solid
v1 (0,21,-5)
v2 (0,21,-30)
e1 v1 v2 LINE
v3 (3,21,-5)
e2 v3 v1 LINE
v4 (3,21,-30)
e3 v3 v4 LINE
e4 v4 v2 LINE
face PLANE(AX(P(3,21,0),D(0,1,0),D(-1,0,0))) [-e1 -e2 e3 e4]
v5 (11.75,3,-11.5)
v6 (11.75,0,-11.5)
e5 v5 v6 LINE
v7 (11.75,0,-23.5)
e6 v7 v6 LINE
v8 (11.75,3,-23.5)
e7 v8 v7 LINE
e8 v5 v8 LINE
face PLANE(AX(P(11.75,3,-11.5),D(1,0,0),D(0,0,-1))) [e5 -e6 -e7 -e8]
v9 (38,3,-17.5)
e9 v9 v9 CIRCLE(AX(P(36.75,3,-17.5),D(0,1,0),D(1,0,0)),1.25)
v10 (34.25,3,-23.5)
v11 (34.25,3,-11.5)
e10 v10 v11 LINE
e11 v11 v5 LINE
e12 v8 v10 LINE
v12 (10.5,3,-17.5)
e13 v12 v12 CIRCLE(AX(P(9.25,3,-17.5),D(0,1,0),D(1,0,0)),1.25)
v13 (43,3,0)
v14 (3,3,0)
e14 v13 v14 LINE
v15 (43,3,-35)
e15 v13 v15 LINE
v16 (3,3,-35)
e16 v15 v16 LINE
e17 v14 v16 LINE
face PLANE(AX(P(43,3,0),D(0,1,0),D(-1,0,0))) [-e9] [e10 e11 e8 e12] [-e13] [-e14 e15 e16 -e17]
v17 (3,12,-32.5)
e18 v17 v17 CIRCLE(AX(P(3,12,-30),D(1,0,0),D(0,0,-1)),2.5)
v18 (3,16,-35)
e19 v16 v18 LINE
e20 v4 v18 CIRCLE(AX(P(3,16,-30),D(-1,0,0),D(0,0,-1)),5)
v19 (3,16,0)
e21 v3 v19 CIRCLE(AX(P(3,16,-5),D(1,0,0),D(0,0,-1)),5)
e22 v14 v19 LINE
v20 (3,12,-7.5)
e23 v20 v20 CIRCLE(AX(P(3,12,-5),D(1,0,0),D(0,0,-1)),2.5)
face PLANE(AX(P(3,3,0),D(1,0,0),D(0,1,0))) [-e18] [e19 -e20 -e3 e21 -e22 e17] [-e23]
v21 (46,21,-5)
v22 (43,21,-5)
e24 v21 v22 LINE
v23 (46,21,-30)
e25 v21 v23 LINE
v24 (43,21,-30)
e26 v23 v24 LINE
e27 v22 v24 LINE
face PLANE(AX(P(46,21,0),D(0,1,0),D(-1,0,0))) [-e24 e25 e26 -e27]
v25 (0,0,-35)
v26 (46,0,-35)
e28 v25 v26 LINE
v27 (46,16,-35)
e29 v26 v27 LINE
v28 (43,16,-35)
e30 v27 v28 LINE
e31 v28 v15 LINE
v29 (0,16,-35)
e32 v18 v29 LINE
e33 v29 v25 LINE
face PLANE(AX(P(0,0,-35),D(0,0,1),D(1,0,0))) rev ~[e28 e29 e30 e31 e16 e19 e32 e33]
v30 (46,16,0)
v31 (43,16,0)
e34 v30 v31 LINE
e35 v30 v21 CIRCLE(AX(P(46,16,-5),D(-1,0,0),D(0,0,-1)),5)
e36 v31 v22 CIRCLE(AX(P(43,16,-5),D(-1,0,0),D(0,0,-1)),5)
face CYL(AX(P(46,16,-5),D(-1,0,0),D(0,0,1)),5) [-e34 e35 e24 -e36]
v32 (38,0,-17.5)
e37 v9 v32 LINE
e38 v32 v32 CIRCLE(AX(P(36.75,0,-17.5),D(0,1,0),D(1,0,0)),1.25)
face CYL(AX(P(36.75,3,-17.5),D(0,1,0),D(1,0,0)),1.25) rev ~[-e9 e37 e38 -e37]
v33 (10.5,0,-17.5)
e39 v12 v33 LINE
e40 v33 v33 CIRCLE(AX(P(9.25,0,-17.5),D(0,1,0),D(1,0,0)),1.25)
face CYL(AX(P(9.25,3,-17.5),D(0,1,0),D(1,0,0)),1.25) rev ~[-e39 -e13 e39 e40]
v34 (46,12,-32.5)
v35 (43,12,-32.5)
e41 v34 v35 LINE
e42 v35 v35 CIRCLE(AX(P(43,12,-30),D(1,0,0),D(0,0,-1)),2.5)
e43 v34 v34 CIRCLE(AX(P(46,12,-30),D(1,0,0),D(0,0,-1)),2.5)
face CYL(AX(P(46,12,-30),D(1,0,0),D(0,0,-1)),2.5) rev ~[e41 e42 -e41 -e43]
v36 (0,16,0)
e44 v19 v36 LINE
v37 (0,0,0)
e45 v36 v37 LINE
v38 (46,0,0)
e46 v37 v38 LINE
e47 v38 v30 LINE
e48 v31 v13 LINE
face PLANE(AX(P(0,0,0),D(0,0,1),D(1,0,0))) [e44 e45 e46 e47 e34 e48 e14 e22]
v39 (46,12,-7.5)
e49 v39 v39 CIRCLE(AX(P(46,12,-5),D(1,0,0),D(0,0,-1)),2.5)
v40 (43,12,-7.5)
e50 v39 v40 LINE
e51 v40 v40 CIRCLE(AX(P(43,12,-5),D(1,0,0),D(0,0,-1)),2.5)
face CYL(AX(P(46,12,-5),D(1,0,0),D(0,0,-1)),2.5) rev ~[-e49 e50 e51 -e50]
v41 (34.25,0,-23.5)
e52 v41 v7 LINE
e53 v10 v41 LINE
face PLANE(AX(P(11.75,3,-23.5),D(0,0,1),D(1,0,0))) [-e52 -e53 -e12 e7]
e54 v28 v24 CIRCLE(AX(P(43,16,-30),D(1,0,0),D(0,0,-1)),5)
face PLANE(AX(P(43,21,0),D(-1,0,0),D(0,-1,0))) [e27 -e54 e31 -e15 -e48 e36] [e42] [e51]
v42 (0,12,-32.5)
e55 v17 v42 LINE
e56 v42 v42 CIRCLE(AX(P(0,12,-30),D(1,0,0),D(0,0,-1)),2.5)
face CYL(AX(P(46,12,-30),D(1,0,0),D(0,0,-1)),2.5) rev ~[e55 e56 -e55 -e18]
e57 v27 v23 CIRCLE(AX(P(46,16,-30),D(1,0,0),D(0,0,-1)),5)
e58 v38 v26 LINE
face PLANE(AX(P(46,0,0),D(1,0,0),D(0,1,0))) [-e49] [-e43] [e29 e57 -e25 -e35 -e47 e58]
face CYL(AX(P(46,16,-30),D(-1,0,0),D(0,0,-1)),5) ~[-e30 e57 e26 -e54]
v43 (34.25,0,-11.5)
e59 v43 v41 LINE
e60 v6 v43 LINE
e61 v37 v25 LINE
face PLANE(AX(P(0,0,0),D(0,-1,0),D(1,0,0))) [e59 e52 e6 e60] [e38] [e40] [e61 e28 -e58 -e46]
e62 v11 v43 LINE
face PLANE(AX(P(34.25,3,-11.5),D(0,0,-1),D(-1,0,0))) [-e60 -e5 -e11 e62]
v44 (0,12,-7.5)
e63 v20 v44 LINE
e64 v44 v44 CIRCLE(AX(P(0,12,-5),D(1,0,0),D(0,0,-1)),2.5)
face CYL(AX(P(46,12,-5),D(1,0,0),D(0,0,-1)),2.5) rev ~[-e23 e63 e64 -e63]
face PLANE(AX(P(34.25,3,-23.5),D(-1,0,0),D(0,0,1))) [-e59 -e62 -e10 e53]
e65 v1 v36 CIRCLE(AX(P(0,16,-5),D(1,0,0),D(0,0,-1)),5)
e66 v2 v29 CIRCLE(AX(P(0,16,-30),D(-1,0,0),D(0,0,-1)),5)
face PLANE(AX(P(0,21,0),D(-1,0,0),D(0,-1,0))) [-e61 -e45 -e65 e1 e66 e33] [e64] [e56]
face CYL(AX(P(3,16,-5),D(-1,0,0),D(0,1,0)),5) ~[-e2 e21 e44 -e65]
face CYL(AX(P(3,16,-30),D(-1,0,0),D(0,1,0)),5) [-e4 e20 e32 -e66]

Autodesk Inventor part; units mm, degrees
ref_plane "YZ Plane" through (0, 0, 0) normal (1, 0, 0) x (0, 1, 0)
ref_plane "XZ Plane" through (0, 0, 0) normal (0, 1, 0) x (-1, 0, 0)
ref_plane "XY Plane" through (0, 0, 0) normal (0, 0, 1) x (1, 0, 0)
sketch "Boceto1" plane through (0, 0, 0) normal (0, 0, 1) x (1, 0, 0)
  line L0 (0, 0) -> (46, 0)
  line L1 (46, 0) -> (46, 21)
  line L2 (46, 21) -> (43, 21)
  line L3 (43, 21) -> (43, 3)
  line L4 (43, 3) -> (3, 3)
  line L5 (3, 3) -> (3, 21)
  line L6 (3, 21) -> (0, 21)
  line L7 (0, 21) -> (0, 0)
extrude "Extrusión1" add sketch "Boceto1" against normal blind 35
sketch "Boceto2" plane through (46, 0, 0) normal (1, 0, 0) x (0, 0, -1)
  circle A0 centre (5, 12) radius 2.5
  circle A1 centre (30, 12) radius 2.5
extrude "Extrusión2" cut sketch "Boceto2" against normal blind 60 contours A0
extrude "Extrusión3" cut sketch "Boceto2" against normal blind 60 contours A1
fillet "Empalme1" radius 5 4 edges at (1.5, 21, 0) (1.5, 21, -35) (44.5, 21, 0) (44.5, 21, -35)
sketch "Boceto3" plane through (3, 3, 0) normal (0, 1, 0) x (1, 0, 0)
  line L0 (8.75, 23.5) -> (31.25, 23.5)
  line L1 (31.25, 23.5) -> (31.25, 11.5)
  line L2 (31.25, 11.5) -> (8.75, 11.5)
  line L3 (8.75, 11.5) -> (8.75, 23.5)
  line L4 (8.75, 23.5) -> (8.75, 17.5)
  circle A0 centre (6.25, 17.5) radius 1.25
  line L5 (31.25, 23.5) -> (31.25, 17.5)
  circle A1 centre (33.75, 17.5) radius 1.25
  point P0 (-3, 0)
  point P1 (0, 35)
extrude "Extrusión4" cut sketch "Boceto3" against normal blind 60 contours L0 L1 L2 L3
extrude "Extrusión5" cut sketch "Boceto3" against normal blind 60 contours A0 | A1
properties part number "8_1"
